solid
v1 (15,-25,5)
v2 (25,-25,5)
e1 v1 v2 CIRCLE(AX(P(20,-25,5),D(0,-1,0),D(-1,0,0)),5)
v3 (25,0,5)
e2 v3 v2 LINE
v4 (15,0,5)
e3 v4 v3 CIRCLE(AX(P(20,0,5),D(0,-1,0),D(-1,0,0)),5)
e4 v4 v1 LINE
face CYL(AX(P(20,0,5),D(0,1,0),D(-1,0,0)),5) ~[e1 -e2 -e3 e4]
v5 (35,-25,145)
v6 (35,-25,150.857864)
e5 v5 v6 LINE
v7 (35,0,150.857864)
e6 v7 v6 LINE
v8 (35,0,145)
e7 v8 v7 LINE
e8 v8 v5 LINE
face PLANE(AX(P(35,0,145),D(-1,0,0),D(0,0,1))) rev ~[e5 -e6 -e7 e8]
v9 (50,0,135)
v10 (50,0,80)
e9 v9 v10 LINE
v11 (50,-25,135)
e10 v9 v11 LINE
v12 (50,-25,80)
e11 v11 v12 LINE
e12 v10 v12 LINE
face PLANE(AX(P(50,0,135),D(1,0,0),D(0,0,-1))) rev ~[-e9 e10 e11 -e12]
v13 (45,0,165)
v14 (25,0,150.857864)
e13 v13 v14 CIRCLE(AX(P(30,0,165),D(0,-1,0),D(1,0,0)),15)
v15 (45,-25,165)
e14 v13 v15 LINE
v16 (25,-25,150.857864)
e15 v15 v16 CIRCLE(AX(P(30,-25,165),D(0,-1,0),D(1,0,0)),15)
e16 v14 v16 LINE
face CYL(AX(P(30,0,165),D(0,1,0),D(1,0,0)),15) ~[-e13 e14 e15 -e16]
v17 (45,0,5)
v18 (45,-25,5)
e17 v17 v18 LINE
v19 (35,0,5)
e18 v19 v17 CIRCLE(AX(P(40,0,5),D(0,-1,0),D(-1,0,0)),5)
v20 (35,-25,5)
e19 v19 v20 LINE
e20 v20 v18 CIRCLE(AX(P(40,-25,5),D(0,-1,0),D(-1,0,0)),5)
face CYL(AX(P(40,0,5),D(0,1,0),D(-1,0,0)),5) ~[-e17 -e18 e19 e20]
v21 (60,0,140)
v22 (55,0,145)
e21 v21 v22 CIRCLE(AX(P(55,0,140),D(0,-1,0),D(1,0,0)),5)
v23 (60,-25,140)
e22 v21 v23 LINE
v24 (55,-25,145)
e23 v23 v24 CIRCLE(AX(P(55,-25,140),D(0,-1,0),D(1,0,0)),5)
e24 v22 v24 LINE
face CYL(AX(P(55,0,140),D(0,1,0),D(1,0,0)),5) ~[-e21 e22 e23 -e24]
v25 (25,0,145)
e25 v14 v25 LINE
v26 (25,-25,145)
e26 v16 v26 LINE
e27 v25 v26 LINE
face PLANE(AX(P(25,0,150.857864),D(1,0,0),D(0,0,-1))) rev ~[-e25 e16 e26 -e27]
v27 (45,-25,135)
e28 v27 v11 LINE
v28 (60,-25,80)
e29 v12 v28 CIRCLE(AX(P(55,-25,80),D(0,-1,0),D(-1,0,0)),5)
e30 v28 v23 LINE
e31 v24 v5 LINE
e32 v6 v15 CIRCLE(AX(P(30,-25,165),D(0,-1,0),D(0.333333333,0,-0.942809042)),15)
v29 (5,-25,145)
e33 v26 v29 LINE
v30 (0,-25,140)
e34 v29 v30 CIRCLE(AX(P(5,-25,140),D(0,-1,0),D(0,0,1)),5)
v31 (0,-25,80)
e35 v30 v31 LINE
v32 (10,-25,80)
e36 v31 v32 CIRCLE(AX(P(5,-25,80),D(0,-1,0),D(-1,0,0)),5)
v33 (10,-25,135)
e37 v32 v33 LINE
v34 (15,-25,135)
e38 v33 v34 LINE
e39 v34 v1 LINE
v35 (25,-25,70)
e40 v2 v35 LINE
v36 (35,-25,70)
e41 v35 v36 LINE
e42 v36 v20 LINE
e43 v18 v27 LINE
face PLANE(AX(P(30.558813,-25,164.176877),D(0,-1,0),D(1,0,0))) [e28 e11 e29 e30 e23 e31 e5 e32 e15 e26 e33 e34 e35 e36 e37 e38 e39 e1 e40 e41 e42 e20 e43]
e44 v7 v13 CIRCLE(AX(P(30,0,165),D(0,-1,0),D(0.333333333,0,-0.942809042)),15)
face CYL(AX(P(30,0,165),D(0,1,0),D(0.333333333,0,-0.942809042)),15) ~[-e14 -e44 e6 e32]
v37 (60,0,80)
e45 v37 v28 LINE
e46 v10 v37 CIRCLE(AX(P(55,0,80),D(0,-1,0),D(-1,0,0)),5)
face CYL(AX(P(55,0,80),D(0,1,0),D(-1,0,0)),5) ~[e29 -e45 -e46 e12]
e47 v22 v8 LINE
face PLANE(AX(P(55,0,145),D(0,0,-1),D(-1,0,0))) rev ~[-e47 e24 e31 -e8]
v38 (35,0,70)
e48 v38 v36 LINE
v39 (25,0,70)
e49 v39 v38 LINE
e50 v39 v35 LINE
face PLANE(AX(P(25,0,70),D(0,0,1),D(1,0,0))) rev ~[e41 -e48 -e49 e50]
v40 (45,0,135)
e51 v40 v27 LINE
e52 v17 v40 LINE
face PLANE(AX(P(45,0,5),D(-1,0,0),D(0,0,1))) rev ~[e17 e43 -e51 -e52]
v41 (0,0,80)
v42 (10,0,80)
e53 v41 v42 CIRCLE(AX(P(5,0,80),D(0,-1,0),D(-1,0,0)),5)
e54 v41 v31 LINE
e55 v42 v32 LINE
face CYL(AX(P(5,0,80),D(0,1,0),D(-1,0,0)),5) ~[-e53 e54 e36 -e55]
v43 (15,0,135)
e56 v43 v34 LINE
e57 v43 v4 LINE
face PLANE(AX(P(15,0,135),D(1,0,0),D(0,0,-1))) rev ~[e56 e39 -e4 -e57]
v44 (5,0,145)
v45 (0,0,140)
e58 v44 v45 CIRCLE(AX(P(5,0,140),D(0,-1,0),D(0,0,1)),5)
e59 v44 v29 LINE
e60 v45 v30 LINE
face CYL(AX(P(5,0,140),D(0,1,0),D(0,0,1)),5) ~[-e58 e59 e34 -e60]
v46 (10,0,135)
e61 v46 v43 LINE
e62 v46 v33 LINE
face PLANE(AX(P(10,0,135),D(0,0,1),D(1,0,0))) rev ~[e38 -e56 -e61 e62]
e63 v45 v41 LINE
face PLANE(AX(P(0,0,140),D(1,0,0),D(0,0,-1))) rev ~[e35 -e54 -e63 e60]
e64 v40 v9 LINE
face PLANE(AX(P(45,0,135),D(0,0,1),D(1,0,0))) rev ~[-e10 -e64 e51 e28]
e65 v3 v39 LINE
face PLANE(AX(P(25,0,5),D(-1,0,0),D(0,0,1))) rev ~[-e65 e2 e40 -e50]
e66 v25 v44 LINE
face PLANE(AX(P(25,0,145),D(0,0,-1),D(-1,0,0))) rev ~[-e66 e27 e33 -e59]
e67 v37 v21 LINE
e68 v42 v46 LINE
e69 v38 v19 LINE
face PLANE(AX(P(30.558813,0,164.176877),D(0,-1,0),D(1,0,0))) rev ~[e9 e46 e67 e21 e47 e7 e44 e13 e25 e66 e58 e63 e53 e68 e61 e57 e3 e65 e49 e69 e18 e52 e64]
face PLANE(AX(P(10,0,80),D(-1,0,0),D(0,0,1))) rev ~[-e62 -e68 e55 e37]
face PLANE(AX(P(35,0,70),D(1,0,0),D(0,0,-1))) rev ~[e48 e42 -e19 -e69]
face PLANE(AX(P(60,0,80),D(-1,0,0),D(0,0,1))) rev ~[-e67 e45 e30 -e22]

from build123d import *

# Parameters (mm, degrees)
F0_W     = 5
F0_H     = 5
F1_DEPTH = 25


with BuildPart() as f1:
    # F0 (on Front) → F1 (new body)
    with BuildSketch(Plane.XZ):
        with BuildLine():
            ThreePointArc((35, 150.8578643763), (42.2474487139, 156.3397459622), (45, 165))
            ThreePointArc((45, 165), (21.3397459622, 177.2474487139), (25, 150.8578643763))
            ThreePointArc((25, 150.8578643763), (27.4634703191, 150.2160216052), (30, 150))
            ThreePointArc((30, 150), (32.5365296809, 150.2160216052), (35, 150.8578643763))
        make_face()
        with BuildLine():
            ThreePointArc((30, 150), (27.4634703191, 150.2160216052), (25, 150.8578643763))
            Line((25, 150.8578643763), (25, 145))
            Line((25, 145), (30, 145))
            Line((30, 145), (30, 150))
        make_face()
        with BuildLine():
            Line((35, 145), (35, 150.8578643763))
            ThreePointArc((35, 150.8578643763), (32.5365296809, 150.2160216052), (30, 150))
            Line((30, 150), (30, 145))
            Line((30, 145), (35, 145))
        make_face()
        with BuildLine():
            Line((25, 140), (25, 145))
            Line((25, 145), (5, 145))
            ThreePointArc((5, 145), (8.5355339059, 143.5355339059), (10, 140))
            Line((10, 140), (25, 140))
        make_face()
        with BuildLine():
            Line((30, 145), (25, 145))
            Line((25, 145), (25, 140))
            ThreePointArc((25, 140), (26.4644660941, 143.5355339059), (30, 145))
        make_face()
        with BuildLine():
            Line((35, 140), (35, 145))
            Line((35, 145), (30, 145))
            ThreePointArc((30, 145), (33.5355339059, 143.5355339059), (35, 140))
        make_face()
        with BuildLine():
            Line((55, 145), (35, 145))
            Line((35, 145), (35, 140))
            Line((35, 140), (50, 140))
            ThreePointArc((50, 140), (51.4644660941, 143.5355339059), (55, 145))
        make_face()
        with BuildLine():
            ThreePointArc((10, 140), (8.5355339059, 143.5355339059), (5, 145))
            ThreePointArc((5, 145), (1.4644660941, 143.5355339059), (0, 140))
            ThreePointArc((0, 140), (1.4644660941, 136.4644660941), (5, 135))
            Line((5, 135), (5, 140))
            Line((5, 140), (10, 140))
        make_face()
        with BuildLine():
            ThreePointArc((30, 135), (26.4644660941, 136.4644660941), (25, 140))
            Line((25, 140), (10, 140))
            Line((10, 140), (10, 135))
            Line((10, 135), (15, 135))
            Line((15, 135), (30, 135))
        make_face()
        with BuildLine():
            ThreePointArc((60, 140), (58.5355339059, 143.5355339059), (55, 145))
            ThreePointArc((55, 145), (51.4644660941, 143.5355339059), (50, 140))
            Line((50, 140), (55, 140))
            Line((55, 140), (55, 135))
            ThreePointArc((55, 135), (58.5355339059, 136.4644660941), (60, 140))
        make_face()
        with BuildLine():
            Line((50, 140), (35, 140))
            ThreePointArc((35, 140), (33.5355339059, 136.4644660941), (30, 135))
            Line((30, 135), (45, 135))
            Line((45, 135), (50, 135))
            Line((50, 135), (50, 140))
        make_face()
        with BuildLine():
            ThreePointArc((5, 135), (1.4644660941, 136.4644660941), (0, 140))
            Line((0, 140), (0, 80))
            ThreePointArc((0, 80), (5, 75), (10, 80))
            Line((10, 80), (10, 135))
            Line((10, 135), (5, 135))
        make_face()
        with Locations((7.5, 137.5)):
            Rectangle(F0_W, F0_H)
        with BuildLine():
            Line((45, 135), (30, 135))
            Line((30, 135), (30, 75))
            Line((30, 75), (35, 75))
            ThreePointArc((35, 75), (40, 80), (45, 75))
            Line((45, 75), (45, 135))
        make_face()
        with BuildLine():
            Line((30, 75), (30, 135))
            Line((30, 135), (15, 135))
            Line((15, 135), (15, 75))
            ThreePointArc((15, 75), (20, 80), (25, 75))
            Line((25, 75), (30, 75))
        make_face()
        with BuildLine():
            Line((60, 80), (60, 140))
            ThreePointArc((60, 140), (58.5355339059, 136.4644660941), (55, 135))
            Line((55, 135), (50, 135))
            Line((50, 135), (50, 80))
            ThreePointArc((50, 80), (55, 75), (60, 80))
        make_face()
        with Locations((52.5, 137.5)):
            Rectangle(F0_W, F0_H)
        Polygon((35, 75), (30, 75), (25, 75), (25, 70), (30, 70), (35, 70), align=None)
        with BuildLine():
            Line((25, 70), (25, 75))
            ThreePointArc((25, 75), (20, 80), (15, 75))
            Line((15, 75), (15, 5))
            ThreePointArc((15, 5), (20, 0), (25, 5))
            Line((25, 5), (25, 70))
        make_face()
        with BuildLine():
            ThreePointArc((45, 75), (40, 80), (35, 75))
            Line((35, 75), (35, 70))
            Line((35, 70), (35, 5))
            ThreePointArc((35, 5), (40, 0), (45, 5))
            Line((45, 5), (45, 75))
        make_face()
        with BuildLine():
            ThreePointArc((35, 140), (33.5355339059, 143.5355339059), (30, 145))
            Line((30, 145), (30, 140))
            Line((30, 140), (35, 140))
        make_face()
        with BuildLine():
            Line((30, 140), (30, 145))
            ThreePointArc((30, 145), (26.4644660941, 143.5355339059), (25, 140))
            Line((25, 140), (30, 140))
        make_face()
        with BuildLine():
            Line((30, 140), (25, 140))
            ThreePointArc((25, 140), (26.4644660941, 136.4644660941), (30, 135))
            Line((30, 135), (30, 140))
        make_face()
        with BuildLine():
            ThreePointArc((30, 135), (33.5355339059, 136.4644660941), (35, 140))
            Line((35, 140), (30, 140))
            Line((30, 140), (30, 135))
        make_face()
    extrude(amount=F1_DEPTH)


solid = f1.part
